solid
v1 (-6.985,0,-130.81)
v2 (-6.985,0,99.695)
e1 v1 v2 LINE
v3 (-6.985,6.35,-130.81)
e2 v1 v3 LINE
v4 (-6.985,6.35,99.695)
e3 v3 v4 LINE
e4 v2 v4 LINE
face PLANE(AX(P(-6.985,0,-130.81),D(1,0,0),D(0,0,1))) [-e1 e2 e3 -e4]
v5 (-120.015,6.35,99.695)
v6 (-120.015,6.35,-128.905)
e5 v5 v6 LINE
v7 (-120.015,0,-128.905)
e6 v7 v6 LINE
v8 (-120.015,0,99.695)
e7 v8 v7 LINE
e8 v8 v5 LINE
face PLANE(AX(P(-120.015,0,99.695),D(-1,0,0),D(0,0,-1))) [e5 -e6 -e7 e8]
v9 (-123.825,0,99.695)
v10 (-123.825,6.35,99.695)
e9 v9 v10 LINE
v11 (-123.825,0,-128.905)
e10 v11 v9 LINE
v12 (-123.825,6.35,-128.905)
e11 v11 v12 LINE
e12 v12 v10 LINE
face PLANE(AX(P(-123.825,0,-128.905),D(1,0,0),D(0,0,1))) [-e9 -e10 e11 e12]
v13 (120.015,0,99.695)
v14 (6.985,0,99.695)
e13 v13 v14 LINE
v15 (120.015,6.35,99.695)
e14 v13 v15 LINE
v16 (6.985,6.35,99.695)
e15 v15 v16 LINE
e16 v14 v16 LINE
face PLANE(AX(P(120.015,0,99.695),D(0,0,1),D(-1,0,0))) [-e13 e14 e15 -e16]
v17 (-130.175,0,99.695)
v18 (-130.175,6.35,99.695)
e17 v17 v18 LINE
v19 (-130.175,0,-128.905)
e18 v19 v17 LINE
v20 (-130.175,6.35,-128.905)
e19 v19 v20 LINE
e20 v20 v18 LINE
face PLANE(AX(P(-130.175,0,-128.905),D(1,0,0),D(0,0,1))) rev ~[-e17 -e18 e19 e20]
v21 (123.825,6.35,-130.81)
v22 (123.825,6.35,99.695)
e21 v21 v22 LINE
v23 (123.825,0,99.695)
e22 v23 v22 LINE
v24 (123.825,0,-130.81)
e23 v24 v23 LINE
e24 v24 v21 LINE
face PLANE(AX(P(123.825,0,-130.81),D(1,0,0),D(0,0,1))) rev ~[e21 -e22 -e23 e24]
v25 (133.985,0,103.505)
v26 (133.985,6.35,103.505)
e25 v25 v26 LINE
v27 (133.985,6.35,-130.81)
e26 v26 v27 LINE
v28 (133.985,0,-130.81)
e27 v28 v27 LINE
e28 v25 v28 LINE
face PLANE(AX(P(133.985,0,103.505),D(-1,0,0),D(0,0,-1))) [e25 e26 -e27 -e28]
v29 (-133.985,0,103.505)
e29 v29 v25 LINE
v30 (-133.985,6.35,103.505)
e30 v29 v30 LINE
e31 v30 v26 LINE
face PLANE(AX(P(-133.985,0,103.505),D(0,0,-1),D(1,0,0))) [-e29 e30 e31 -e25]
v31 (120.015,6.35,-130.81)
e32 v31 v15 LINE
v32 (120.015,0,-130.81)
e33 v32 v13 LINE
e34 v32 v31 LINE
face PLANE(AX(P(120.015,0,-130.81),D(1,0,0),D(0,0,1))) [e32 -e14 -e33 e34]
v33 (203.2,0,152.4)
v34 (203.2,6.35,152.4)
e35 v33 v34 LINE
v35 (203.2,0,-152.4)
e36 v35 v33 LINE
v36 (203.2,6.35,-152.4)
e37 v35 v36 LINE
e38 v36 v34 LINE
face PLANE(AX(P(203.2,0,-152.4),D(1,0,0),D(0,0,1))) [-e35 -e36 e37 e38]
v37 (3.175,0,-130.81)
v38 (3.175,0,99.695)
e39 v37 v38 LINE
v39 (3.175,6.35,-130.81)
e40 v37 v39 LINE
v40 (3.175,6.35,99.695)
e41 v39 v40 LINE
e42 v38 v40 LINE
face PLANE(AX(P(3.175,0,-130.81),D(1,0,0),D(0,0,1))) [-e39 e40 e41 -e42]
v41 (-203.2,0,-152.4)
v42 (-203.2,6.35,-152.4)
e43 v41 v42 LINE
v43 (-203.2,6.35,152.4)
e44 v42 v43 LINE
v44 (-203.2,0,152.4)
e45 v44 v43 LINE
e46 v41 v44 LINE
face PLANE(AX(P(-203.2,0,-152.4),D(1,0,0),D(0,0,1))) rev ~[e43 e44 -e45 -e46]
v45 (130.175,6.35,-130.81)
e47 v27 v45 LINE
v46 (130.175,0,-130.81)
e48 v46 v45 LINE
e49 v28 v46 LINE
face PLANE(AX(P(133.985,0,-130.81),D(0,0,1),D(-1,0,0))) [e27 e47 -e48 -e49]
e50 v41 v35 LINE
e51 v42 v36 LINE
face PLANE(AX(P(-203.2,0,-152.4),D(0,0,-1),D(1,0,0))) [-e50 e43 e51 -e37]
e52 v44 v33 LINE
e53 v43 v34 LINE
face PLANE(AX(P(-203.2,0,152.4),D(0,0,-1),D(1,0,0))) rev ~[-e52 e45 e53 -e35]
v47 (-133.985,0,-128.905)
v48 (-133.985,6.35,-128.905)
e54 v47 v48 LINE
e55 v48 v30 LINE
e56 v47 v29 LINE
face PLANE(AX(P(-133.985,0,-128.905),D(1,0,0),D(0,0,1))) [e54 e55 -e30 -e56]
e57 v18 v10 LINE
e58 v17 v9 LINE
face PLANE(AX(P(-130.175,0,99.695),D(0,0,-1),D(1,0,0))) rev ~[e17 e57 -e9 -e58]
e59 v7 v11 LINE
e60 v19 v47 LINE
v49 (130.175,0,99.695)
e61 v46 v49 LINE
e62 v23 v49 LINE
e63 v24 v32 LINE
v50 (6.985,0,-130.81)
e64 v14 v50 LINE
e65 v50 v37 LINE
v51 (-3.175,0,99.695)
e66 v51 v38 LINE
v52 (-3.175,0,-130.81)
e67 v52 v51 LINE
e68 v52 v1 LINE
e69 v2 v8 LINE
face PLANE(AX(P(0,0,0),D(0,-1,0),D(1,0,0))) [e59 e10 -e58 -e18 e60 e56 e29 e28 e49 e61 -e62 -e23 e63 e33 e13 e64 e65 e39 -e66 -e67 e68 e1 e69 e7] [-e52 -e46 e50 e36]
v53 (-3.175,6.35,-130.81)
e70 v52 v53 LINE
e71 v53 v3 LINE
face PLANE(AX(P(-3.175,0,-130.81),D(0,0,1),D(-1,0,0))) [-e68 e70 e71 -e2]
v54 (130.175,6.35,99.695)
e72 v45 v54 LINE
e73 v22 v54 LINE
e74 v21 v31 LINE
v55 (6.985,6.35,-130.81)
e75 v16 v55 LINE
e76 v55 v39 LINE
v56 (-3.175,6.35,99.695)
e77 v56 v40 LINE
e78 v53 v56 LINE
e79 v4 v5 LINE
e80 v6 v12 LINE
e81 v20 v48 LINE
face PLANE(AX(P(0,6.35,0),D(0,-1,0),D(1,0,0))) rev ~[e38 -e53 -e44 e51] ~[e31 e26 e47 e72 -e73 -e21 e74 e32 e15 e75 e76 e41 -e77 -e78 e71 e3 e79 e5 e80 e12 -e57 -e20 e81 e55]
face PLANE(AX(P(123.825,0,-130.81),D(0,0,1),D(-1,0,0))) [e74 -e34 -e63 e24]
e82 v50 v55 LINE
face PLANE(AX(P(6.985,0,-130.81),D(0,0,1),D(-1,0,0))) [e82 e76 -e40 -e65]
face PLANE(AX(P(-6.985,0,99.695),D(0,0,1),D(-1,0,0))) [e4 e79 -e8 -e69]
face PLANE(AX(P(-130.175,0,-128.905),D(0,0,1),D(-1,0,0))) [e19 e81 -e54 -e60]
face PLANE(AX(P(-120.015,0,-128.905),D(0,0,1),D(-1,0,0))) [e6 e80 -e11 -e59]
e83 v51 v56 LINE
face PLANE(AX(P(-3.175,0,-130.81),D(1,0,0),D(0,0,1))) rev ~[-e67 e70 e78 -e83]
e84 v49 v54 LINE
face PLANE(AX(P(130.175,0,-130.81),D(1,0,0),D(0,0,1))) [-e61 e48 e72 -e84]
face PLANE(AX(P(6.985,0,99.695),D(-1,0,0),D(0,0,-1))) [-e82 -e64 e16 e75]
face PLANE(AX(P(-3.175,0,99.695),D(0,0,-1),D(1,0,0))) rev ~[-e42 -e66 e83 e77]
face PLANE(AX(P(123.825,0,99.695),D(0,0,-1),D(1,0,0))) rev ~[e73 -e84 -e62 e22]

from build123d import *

# Parameters (mm, degrees)
F0_W     = 406.4
F0_H     = 304.8
F0_W_2   = 6.35
F0_H_2   = 46.99
F0_H_3   = 27.305
F0_H_4   = 228.6
F0_H_5   = 230.505
F0_H_6   = 45.085
F1_DEPTH = 6.35


with BuildPart() as f1:
    # F0 (on Front) → F1 (new body)
    with BuildSketch(Plane.XZ):
        Rectangle(F0_W, F0_H)
        Polygon((-3.175, 130.81), (3.175, 130.81), (3.175, 103.505), (6.985, 103.505), (120.015, 103.505), (123.825, 103.505), (123.825, 148.59), (130.175, 148.59), (130.175, 103.505), (133.985, 103.505), (133.985, 99.695), (133.985, -130.81), (130.175, -130.81), (123.825, -130.81), (120.015, -130.81), (120.015, 99.695), (6.985, 99.695), (6.985, -130.81), (3.175, -130.81), (-3.175, -130.81), (-6.985, -130.81), (-6.985, 99.695), (-120.015, 99.695), (-120.015, -128.905), (-123.825, -128.905), (-130.175, -128.905), (-133.985, -128.905), (-133.985, 99.695), (-133.985, 103.505), (-130.175, 103.505), (-130.175, 150.495), (-123.825, 150.495), (-123.825, 103.505), (-120.015, 103.505), (-6.985, 103.505), (-3.175, 103.505), align=None, mode=Mode.SUBTRACT)
        with Locations((-127, 127)):
            Rectangle(F0_W_2, F0_H_2)
        with Locations((0, 117.1575)):
            Rectangle(F0_W_2, F0_H_3)
        with Locations((-127, -14.605)):
            Rectangle(F0_W_2, F0_H_4)
        with Locations((0, -15.5575)):
            Rectangle(F0_W_2, F0_H_5)
        with Locations((127, 126.0475)):
            Rectangle(F0_W_2, F0_H_6)
        with Locations((127, -15.5575)):
            Rectangle(F0_W_2, F0_H_5)
    extrude(amount=-F1_DEPTH)


solid = f1.part
